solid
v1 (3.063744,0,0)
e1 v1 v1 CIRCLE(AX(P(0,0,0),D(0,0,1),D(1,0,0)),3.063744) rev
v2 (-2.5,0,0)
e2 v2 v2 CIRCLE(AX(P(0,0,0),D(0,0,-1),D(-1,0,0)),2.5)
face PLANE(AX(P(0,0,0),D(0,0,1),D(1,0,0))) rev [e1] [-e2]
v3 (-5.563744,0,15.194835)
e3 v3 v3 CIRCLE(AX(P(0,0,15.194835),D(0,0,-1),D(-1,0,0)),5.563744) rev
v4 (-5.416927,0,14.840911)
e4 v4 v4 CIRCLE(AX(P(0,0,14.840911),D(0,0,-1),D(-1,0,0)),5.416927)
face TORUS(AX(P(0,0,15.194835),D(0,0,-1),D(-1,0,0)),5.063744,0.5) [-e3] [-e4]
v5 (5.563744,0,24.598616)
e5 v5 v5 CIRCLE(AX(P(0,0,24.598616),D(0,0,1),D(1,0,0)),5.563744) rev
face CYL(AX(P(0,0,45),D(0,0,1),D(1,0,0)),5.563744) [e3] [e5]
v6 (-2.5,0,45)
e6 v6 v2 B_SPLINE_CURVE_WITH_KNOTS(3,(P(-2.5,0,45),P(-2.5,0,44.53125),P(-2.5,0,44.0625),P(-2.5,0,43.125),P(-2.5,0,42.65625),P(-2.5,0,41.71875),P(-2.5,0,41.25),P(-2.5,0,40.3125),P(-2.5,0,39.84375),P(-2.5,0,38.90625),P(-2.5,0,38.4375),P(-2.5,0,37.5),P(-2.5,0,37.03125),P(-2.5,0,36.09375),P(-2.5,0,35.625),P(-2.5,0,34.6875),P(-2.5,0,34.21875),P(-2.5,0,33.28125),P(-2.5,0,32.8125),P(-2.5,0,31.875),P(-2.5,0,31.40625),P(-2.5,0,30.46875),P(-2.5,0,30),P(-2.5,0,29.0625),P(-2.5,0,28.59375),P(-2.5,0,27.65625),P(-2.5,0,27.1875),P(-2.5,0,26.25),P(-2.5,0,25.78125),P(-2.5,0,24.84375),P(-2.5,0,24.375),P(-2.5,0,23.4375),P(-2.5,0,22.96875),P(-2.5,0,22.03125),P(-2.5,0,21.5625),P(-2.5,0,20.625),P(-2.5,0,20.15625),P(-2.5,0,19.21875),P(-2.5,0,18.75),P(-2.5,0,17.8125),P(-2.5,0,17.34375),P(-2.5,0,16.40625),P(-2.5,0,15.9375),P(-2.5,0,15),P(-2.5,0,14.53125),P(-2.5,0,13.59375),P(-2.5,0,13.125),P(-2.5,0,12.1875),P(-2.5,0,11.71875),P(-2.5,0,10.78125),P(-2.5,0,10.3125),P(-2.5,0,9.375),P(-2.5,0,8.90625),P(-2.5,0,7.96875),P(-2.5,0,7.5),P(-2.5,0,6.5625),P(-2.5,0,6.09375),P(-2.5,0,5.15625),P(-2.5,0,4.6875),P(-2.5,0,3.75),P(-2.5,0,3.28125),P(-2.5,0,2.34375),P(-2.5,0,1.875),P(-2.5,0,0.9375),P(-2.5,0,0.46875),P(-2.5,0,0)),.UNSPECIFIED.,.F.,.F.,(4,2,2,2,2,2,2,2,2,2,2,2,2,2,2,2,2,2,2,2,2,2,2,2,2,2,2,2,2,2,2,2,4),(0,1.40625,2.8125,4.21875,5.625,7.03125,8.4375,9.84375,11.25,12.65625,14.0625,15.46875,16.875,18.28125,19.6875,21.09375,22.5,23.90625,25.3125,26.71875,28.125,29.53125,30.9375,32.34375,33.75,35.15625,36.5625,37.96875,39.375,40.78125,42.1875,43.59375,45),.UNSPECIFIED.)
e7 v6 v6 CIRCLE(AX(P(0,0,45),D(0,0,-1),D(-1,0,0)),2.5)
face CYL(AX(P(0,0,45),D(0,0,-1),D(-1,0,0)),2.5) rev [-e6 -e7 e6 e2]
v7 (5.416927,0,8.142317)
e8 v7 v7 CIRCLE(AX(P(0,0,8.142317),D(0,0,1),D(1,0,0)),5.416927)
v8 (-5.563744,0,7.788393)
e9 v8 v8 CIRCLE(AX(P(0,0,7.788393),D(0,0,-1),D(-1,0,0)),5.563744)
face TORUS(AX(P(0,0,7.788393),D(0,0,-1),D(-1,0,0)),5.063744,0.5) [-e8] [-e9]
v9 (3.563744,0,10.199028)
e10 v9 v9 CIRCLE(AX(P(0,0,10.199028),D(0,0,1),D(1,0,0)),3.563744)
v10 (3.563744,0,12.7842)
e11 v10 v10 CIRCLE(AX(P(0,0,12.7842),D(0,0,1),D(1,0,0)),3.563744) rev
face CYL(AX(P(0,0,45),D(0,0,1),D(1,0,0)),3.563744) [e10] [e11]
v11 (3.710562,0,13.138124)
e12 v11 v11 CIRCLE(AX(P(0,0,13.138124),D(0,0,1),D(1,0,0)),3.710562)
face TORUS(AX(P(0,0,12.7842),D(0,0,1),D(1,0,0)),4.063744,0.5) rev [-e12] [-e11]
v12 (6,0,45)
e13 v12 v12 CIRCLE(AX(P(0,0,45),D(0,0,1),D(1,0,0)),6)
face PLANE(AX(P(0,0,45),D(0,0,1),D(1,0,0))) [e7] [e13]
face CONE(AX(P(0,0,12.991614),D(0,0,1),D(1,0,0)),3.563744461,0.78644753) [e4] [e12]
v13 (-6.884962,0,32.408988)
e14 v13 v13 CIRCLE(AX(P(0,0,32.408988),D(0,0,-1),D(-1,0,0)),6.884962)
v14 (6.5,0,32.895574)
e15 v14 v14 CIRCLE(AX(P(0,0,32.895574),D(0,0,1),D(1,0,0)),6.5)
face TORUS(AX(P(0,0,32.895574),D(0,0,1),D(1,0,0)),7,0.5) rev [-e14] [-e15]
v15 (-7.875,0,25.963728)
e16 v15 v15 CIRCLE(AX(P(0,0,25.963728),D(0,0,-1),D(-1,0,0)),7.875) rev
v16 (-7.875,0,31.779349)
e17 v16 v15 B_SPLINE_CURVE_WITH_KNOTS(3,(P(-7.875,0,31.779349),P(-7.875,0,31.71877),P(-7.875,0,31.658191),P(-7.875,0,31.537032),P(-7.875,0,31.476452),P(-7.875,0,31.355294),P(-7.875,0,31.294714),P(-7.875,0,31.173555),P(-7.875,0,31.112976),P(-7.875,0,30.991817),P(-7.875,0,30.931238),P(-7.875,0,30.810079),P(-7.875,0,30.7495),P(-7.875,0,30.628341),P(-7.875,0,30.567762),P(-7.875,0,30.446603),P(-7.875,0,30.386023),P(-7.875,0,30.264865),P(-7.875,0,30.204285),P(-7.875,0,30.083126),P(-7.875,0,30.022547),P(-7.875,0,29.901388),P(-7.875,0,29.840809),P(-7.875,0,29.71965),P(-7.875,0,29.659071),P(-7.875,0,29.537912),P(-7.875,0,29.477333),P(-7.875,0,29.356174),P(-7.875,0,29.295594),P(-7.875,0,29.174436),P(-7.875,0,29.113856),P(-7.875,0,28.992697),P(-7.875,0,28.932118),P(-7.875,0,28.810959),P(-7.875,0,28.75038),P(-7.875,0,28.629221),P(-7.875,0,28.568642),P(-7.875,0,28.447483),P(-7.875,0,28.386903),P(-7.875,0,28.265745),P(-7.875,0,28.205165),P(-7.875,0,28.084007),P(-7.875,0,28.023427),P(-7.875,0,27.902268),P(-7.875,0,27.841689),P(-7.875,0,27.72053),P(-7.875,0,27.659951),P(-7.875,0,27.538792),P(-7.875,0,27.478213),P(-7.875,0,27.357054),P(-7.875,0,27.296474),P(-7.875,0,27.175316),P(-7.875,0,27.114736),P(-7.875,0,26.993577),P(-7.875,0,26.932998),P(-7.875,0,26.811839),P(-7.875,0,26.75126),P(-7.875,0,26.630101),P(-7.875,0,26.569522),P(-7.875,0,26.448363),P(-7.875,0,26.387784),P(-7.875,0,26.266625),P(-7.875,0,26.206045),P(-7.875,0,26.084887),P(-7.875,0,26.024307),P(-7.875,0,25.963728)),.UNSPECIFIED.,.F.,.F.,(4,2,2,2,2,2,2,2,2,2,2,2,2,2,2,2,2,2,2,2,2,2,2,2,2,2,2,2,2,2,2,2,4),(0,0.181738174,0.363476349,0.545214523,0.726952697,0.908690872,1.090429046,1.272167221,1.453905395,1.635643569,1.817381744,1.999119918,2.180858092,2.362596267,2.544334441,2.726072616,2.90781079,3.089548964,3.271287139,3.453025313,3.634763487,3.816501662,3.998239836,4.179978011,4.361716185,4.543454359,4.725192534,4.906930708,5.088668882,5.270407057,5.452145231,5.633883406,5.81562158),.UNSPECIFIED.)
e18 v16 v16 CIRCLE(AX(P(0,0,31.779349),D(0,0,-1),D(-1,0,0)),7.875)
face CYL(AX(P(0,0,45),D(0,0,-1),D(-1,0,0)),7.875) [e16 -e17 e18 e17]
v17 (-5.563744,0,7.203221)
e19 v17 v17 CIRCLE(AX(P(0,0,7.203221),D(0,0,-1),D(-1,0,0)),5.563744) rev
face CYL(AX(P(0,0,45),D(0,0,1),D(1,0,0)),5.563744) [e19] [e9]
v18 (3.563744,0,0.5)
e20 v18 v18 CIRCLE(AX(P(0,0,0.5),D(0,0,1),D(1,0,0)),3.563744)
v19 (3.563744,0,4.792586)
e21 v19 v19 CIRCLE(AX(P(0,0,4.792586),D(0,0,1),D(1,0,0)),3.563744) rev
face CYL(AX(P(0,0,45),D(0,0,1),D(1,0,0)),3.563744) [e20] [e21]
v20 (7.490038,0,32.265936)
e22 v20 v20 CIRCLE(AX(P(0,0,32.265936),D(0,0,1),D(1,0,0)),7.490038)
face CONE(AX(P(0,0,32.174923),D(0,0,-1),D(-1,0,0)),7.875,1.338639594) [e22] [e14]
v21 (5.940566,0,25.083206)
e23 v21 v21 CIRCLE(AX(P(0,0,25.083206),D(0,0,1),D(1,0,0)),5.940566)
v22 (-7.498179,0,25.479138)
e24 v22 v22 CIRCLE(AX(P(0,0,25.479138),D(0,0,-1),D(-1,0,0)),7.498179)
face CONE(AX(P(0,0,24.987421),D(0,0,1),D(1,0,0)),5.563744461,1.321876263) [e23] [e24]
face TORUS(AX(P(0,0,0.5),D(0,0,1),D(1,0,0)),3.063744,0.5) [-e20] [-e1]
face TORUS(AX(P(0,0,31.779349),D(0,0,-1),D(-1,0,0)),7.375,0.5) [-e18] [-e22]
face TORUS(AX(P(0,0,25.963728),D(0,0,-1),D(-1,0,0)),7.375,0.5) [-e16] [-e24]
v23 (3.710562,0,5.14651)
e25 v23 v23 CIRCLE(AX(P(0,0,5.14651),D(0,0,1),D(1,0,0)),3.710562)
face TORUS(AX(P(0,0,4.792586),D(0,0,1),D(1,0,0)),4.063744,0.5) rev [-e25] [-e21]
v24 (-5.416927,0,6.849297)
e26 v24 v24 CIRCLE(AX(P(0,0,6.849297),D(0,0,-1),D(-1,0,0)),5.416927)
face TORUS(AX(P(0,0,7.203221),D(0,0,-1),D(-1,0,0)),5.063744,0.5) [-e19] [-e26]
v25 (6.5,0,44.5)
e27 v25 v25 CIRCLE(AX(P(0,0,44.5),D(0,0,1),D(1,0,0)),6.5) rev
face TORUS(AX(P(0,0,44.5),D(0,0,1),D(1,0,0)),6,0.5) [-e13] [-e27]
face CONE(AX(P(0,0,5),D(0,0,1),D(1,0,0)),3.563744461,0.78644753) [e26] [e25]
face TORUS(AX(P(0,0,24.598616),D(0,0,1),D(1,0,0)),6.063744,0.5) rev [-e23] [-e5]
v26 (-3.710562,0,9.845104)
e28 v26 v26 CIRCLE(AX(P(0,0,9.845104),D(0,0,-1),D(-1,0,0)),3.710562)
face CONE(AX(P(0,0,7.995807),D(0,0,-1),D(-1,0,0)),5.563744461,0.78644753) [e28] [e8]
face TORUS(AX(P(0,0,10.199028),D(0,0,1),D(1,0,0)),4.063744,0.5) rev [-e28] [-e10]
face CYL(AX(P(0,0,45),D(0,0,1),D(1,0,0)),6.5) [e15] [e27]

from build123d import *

# Parameters (mm, degrees)
SKETCH1_R           = 7.875
BOSS_EXTRUDE1_DEPTH = 45
SKETCH3_R           = 2.5
CUT_EXTRUDE1_DEPTH  = 47.357645001
FILLET1_R           = 0.5


with BuildPart() as part:
    # Sketch1 → Boss-Extrude1 (new body)
    with BuildSketch(Plane.XY):
        with Locations(Location((0, 0, 0), (0, 0, 180))):
            Circle(SKETCH1_R)
    extrude(amount=BOSS_EXTRUDE1_DEPTH)

    # Sketch2 → Cut-Revolve1 (revolve, cut)
    with BuildSketch(Plane(origin=(0, 0, 0), x_dir=(1, 0, 0), z_dir=(0, 1, 0))):
        Polygon((5.563744461, -14.987420791), (3.563744461, -12.99161386), (3.563744461, -9.99161386), (5.563744461, -7.99580693), (5.563744461, -6.99580693), (3.563744461, -5), (3.563744461, 0), (17.246301574, 0), (17.246301574, -45), (6.5, -45), (6.5, -32.5), (7.875, -32.174923206), (7.875, -25.574923206), (5.563744461, -24.987420791), align=None)
    revolve(axis=Axis((0, 0, 45), (0, 0, -1)), mode=Mode.SUBTRACT)

    # Sketch3 → Cut-Extrude1 (cut, through all)
    with BuildSketch(Plane(origin=(0, 0, 0), x_dir=(-1, 0, 0), z_dir=(0, 0, -1))):
        Circle(SKETCH3_R)
    extrude(amount=-CUT_EXTRUDE1_DEPTH, mode=Mode.SUBTRACT)

    # Fillet1
    fillet1_edges = [part.edges().sort_by_distance(p)[0] for p in [
        (-3.563744461, 0, 5),
        (-5.563744461, 0, 6.99580693),
        (-5.563744461, 0, 7.99580693),
        (-3.563744461, 0, 0),
        (-3.563744461, 0, 9.99161386),
        (-3.563744461, 0, 12.99161386),
        (-5.563744461, 0, 14.987420791),
        (-5.563744461, 0, 24.987420791),
        (0, 7.875, 25.574923206),
        (0, 7.875, 32.174923206),
        (-6.5, 0, 32.5),
        (-6.5, 0, 45),
    ]]
    fillet(fillet1_edges, radius=FILLET1_R)


solid = part.part
